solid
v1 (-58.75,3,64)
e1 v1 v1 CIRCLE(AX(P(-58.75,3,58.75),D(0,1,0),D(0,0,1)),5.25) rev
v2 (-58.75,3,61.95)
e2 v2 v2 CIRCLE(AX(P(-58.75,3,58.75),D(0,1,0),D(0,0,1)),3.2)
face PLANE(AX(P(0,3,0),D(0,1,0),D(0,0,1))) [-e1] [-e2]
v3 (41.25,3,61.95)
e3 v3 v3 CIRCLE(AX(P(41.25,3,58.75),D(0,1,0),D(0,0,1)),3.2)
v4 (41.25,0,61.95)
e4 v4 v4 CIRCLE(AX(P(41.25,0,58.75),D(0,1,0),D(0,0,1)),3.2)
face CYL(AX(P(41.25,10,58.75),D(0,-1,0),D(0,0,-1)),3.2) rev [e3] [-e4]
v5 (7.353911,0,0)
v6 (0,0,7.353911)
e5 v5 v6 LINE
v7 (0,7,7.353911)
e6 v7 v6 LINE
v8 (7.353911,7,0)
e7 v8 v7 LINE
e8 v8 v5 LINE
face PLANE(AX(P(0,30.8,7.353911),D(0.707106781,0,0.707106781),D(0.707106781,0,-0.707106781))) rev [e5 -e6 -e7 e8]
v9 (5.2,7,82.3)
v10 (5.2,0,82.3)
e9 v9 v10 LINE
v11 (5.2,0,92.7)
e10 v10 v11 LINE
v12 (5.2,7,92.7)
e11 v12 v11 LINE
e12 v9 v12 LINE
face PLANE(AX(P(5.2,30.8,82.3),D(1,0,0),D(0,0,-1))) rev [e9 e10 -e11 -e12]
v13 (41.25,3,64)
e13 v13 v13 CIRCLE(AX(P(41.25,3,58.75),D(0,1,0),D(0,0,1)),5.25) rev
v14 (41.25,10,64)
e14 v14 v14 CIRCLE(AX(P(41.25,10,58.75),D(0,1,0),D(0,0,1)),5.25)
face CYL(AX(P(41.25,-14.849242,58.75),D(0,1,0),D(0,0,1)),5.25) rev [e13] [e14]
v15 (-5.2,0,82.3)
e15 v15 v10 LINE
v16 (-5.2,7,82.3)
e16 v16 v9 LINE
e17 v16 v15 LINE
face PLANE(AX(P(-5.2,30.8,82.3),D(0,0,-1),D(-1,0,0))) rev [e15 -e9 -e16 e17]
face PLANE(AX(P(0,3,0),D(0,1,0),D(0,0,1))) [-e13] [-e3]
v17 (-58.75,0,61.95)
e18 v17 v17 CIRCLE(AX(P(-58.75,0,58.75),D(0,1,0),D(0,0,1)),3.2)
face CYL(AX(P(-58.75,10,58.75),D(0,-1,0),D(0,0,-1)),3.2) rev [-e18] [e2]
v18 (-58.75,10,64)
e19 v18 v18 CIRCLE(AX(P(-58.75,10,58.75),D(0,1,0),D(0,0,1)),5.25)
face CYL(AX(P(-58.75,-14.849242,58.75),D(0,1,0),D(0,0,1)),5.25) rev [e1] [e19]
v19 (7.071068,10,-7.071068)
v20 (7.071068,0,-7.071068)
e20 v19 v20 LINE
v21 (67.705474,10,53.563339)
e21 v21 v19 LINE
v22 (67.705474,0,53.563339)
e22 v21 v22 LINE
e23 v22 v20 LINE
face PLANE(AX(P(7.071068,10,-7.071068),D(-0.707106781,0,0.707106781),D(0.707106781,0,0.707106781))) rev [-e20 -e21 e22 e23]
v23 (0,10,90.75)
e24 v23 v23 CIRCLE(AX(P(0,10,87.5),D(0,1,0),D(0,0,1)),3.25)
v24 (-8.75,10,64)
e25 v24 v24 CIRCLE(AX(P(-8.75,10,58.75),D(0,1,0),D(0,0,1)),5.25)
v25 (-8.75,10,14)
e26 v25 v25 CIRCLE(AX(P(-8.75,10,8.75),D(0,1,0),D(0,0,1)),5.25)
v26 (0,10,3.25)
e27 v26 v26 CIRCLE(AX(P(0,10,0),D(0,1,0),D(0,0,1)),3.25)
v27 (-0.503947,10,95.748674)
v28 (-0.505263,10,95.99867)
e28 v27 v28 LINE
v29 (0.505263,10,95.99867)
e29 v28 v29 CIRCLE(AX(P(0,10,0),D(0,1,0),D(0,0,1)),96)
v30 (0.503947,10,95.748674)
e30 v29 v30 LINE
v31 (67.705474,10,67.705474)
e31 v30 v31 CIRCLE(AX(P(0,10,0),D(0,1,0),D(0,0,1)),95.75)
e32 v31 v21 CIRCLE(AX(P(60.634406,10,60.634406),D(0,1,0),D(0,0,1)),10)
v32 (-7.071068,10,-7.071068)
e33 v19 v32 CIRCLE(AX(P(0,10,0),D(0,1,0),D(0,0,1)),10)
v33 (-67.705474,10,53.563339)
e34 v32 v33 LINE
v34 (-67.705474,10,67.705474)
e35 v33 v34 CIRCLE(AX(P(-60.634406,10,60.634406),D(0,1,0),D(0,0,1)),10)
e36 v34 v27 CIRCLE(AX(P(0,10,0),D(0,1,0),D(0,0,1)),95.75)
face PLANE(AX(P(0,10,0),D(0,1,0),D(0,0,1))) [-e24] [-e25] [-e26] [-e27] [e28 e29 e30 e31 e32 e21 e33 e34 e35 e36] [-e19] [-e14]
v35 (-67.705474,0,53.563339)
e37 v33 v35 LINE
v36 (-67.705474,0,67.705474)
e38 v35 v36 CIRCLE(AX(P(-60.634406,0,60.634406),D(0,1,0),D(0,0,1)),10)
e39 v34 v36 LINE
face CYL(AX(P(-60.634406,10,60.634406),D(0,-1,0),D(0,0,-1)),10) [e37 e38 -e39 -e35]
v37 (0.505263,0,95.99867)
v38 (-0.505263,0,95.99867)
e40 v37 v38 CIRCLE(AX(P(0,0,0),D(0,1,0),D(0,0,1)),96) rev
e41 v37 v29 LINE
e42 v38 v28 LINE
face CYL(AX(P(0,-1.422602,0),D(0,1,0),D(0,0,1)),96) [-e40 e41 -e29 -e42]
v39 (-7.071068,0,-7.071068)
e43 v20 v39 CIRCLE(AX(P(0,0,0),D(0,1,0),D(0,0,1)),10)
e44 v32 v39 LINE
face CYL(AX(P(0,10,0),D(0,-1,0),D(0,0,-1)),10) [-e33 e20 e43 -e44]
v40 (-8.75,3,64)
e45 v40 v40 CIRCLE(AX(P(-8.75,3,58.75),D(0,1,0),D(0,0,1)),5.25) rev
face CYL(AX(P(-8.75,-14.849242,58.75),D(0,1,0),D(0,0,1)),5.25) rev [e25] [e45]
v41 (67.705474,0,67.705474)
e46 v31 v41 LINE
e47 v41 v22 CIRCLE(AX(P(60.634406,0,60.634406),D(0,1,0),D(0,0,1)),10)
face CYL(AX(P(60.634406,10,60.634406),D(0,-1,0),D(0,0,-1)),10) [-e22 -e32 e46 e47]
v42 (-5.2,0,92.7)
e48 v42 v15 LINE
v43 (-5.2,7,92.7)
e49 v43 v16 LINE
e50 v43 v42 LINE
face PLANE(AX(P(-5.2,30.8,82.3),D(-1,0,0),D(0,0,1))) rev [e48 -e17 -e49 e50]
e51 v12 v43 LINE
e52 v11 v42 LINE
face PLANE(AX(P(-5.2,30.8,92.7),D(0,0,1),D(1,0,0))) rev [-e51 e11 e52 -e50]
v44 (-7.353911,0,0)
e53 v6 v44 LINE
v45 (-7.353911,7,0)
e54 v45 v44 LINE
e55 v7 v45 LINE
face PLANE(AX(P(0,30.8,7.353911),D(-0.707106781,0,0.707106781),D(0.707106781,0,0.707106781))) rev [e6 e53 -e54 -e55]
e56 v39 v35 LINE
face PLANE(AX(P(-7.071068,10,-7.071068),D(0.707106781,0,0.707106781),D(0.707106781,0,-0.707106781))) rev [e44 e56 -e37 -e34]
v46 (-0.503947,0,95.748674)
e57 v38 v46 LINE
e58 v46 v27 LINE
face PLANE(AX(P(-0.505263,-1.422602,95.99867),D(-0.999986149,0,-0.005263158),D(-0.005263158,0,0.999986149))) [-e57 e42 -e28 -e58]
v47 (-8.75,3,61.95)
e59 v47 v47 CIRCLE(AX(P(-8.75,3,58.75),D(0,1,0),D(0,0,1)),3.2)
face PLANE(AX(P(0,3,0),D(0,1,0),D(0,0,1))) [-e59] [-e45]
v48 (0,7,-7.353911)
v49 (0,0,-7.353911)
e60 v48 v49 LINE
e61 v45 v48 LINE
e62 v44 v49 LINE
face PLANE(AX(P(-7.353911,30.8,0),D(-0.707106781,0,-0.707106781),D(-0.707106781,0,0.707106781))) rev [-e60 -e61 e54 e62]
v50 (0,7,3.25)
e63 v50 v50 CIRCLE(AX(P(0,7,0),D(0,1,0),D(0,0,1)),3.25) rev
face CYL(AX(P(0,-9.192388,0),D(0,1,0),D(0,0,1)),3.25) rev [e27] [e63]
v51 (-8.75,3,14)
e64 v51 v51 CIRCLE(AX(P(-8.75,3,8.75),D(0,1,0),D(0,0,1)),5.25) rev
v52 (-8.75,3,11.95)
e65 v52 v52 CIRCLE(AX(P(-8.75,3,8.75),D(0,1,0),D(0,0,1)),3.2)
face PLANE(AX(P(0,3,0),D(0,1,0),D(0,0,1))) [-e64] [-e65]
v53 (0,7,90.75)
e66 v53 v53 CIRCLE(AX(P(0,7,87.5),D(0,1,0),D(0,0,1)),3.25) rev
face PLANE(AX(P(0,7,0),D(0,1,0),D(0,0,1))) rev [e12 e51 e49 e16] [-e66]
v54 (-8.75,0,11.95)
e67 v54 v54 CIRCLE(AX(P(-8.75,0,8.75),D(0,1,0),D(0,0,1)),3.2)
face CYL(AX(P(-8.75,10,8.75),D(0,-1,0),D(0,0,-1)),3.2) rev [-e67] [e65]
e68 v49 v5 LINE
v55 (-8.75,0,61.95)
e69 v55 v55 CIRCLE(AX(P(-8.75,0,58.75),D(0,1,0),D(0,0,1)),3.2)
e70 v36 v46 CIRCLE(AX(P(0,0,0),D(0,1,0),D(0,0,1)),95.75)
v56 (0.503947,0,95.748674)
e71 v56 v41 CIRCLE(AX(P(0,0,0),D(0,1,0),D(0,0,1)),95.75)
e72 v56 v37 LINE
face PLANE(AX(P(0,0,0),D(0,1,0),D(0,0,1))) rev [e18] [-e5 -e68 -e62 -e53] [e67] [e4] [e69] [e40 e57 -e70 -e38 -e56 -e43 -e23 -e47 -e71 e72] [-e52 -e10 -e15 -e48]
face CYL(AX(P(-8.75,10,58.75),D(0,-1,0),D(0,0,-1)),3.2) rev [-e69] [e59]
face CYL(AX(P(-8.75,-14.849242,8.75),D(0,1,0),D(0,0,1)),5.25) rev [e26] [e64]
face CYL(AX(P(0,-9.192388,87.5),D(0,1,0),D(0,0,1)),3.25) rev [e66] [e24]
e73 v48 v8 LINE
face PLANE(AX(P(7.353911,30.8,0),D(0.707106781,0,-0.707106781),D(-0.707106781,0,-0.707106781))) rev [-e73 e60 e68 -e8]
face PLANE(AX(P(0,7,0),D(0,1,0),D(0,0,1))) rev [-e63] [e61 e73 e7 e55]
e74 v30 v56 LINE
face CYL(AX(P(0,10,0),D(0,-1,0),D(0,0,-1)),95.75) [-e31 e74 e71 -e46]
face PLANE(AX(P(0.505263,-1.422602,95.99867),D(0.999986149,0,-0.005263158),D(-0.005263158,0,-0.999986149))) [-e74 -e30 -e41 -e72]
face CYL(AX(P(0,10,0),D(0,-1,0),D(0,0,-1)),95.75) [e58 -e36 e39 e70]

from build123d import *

# Parameters (mm, degrees)
SKETCH_1_R          = 3.2
EXTRUDE_1_DEPTH     = 10
SKETCH_2_R          = 5.25
CUT_EXTRUDE_1_DEPTH = 7
SKETCH_3_R          = 3.25
CUT_EXTRUDE_2_DEPTH = 10
SKETCH_4_R          = 3.25
SKETCH_4_W          = 10.4
SKETCH_4_H          = 10.4
CUT_EXTRUDE_3_DEPTH = 7
EXTRUDE_2_DEPTH     = 10


with BuildPart() as part:
    # 스케치1 → 보스-돌출1 (new body)
    with BuildSketch(Plane(origin=(0, 0, 0), x_dir=(1, 0, 0), z_dir=(0, 1, 0))):
        with BuildLine():
            Line((-7.071067812, 7.071067812), (-67.705474299, -53.563338675))
            ThreePointArc((-67.705474299, -53.563338675), (-70.634406487, -60.634406487), (-67.705474299, -67.705474299))
            ThreePointArc((-67.705474299, -67.705474299), (0, -95.75), (67.705474299, -67.705474299))
            ThreePointArc((67.705474299, -67.705474299), (70.634406487, -60.634406487), (67.705474299, -53.563338675))
            Line((67.705474299, -53.563338675), (7.071067812, 7.071067812))
            ThreePointArc((7.071067812, 7.071067812), (0, 10), (-7.071067812, 7.071067812))
        make_face()
        with Locations((-8.75, -58.75)):
            Circle(SKETCH_1_R, mode=Mode.SUBTRACT)
        with Locations((-8.75, -8.75)):
            Circle(SKETCH_1_R, mode=Mode.SUBTRACT)
        with Locations((-58.75, -58.75)):
            Circle(SKETCH_1_R, mode=Mode.SUBTRACT)
        with Locations((41.25, -58.75)):
            Circle(SKETCH_1_R, mode=Mode.SUBTRACT)
    extrude(amount=EXTRUDE_1_DEPTH)

    # 스케치2 → 컷-돌출1 (cut)
    with BuildSketch(Plane(origin=(0, 10, 0), x_dir=(1, 0, 0), z_dir=(0, 1, 0))):
        with Locations((-8.75, -8.75)):
            Circle(SKETCH_2_R)
        with Locations((-58.75, -58.75)):
            Circle(SKETCH_2_R)
        with Locations((41.25, -58.75)):
            Circle(SKETCH_2_R)
        with Locations((-8.75, -58.75)):
            Circle(SKETCH_2_R)
    extrude(amount=-CUT_EXTRUDE_1_DEPTH, mode=Mode.SUBTRACT)

    # 스케치3 → 컷-돌출2 (cut)
    with BuildSketch(Plane(origin=(0, 10, 0), x_dir=(1, 0, 0), z_dir=(0, 1, 0))):
        Circle(SKETCH_3_R)
        with Locations((0, -87.5)):
            Circle(SKETCH_3_R)
    extrude(amount=-CUT_EXTRUDE_2_DEPTH, mode=Mode.SUBTRACT)

    # 스케치4 → 컷-돌출3 (cut)
    with BuildSketch(Plane.XZ):
        Polygon((0, 7.353910524), (-7.353910524, 0), (0, -7.353910524), (7.353910524, 0), align=None)
        Circle(SKETCH_4_R, mode=Mode.SUBTRACT)
        with Locations((0, 87.5)):
            Rectangle(SKETCH_4_W, SKETCH_4_H)
        with Locations((0, 87.5)):
            Circle(SKETCH_4_R, mode=Mode.SUBTRACT)
    extrude(amount=-CUT_EXTRUDE_3_DEPTH, mode=Mode.SUBTRACT)

    # 스케치5 → 보스-돌출2 (add)
    with BuildSketch(Plane(origin=(0, 10, 0), x_dir=(1, 0, 0), z_dir=(0, 1, 0))):
        with BuildLine():
            Line((0.505263158, -95.998670351), (0.5, -94.998684201))
            ThreePointArc((0.5, -94.998684201), (0, -95), (-0.5, -94.998684201))
            Line((-0.5, -94.998684201), (-0.505263158, -95.998670351))
            ThreePointArc((-0.505263158, -95.998670351), (0, -96), (0.505263158, -95.998670351))
        make_face()
    extrude(amount=-EXTRUDE_2_DEPTH)


solid = part.part
